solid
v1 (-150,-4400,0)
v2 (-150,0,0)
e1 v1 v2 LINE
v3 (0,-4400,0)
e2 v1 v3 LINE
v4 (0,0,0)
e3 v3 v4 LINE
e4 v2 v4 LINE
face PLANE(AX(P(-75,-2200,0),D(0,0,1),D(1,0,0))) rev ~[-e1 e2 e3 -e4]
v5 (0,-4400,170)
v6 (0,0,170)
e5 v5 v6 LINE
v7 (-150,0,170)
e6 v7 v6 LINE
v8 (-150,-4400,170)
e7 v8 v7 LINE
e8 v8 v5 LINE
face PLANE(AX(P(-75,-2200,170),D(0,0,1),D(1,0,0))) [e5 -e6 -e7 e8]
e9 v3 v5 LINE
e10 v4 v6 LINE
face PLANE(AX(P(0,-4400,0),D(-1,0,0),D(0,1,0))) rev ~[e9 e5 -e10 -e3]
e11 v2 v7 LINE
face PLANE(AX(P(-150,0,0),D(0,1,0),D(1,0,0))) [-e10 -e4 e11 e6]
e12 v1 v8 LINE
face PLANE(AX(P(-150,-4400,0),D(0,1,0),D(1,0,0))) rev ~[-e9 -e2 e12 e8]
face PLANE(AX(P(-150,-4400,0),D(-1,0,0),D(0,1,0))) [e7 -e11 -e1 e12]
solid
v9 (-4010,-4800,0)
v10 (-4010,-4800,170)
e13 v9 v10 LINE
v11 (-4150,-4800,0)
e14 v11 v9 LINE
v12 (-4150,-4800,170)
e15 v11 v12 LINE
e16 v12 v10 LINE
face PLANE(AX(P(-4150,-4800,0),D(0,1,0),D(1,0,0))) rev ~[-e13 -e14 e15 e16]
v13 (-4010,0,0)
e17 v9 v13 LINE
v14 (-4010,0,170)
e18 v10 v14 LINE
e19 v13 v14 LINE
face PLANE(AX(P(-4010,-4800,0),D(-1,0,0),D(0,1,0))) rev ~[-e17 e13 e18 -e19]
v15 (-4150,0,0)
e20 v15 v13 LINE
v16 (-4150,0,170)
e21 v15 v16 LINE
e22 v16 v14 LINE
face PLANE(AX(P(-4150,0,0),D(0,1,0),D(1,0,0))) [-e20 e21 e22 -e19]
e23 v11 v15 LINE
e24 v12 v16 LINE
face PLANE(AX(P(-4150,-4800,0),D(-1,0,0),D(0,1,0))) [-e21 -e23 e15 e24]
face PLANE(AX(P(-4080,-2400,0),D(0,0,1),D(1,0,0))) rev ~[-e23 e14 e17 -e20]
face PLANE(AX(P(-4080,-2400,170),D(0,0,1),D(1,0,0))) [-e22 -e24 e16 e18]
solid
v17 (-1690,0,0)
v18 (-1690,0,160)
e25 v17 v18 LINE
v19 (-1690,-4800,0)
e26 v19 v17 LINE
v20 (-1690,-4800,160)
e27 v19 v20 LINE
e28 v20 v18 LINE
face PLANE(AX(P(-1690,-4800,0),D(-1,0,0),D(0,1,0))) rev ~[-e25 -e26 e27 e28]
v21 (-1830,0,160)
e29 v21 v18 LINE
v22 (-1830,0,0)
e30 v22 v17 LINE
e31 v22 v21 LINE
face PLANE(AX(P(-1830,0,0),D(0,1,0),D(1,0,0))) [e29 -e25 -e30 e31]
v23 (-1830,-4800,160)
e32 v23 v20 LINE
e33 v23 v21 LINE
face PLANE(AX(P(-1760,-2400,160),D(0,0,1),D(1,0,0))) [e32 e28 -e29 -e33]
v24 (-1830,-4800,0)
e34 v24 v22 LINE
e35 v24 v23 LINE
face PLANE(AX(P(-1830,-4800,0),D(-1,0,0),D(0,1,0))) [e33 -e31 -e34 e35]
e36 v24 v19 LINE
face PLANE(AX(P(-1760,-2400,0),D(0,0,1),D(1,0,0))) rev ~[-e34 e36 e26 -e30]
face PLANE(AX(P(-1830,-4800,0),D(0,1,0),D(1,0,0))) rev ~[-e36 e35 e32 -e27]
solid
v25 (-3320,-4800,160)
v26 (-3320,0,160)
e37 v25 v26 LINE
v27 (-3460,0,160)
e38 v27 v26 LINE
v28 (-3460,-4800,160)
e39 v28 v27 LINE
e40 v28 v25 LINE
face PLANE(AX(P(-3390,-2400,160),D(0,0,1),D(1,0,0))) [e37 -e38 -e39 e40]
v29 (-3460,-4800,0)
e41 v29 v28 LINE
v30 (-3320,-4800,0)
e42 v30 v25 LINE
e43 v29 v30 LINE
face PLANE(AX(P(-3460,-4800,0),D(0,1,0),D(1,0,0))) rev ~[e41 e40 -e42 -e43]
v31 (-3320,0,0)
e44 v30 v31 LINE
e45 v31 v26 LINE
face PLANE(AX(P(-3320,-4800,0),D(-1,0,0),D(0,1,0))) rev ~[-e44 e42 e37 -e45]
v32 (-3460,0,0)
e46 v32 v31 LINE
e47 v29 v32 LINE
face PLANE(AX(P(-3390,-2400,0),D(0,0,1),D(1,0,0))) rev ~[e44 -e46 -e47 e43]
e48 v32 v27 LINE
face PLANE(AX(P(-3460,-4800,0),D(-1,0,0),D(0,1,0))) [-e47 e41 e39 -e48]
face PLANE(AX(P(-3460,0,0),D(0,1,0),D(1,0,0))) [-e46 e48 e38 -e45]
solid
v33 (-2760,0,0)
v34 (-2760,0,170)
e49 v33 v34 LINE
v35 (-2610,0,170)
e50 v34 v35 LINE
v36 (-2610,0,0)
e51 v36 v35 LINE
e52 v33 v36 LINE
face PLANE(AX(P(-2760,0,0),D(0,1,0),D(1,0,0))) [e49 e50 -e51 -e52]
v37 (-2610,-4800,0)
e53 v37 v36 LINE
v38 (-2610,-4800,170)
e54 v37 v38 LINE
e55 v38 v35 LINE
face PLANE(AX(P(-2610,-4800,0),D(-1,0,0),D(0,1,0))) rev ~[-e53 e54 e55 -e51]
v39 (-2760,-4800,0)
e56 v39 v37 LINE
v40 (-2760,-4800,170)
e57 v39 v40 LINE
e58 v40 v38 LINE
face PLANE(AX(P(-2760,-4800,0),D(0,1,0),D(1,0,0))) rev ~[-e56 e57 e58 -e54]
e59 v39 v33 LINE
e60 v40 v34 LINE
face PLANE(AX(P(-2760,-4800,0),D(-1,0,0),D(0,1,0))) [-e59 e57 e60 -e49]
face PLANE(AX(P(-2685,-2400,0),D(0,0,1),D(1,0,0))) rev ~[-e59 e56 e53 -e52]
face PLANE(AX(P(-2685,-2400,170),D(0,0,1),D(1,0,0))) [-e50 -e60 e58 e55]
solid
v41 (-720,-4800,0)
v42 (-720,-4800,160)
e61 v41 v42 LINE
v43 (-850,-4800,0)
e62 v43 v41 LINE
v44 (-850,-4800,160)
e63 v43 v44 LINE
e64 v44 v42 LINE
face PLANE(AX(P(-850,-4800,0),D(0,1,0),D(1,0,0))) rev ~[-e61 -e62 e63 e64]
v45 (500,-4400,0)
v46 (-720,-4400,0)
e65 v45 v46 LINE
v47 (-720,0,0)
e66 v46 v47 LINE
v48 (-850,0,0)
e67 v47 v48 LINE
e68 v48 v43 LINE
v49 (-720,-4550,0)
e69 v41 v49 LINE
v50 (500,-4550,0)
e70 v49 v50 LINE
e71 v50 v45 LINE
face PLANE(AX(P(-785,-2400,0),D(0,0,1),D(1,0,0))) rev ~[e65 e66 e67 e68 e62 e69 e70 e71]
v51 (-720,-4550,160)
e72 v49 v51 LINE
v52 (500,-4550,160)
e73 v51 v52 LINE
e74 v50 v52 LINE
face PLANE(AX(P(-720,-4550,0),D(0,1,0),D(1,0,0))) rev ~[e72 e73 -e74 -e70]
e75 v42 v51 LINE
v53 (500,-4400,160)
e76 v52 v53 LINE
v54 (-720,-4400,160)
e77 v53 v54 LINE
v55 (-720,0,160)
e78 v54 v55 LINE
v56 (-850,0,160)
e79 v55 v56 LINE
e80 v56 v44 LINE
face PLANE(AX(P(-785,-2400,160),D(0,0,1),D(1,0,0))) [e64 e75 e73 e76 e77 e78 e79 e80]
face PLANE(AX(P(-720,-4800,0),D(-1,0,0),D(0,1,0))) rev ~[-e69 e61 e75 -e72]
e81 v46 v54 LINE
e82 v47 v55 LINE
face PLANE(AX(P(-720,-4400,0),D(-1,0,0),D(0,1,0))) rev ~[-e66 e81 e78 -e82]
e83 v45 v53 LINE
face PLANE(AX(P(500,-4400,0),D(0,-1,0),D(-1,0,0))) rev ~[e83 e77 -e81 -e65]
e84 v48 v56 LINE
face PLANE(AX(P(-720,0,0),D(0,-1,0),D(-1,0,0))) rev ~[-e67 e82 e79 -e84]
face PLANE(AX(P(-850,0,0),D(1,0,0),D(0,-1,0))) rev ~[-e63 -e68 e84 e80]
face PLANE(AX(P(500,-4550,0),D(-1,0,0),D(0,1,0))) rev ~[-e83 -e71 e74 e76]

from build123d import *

# Parameters (mm, degrees)
F0_W     = 140
F0_H     = 4800
F0_W_2   = 150
F0_H_2   = 4400
F1_DEPTH = 170
F2_DEPTH = 160


with BuildPart() as f1:
    # F0 (on Top) → F1 (new body)
    with BuildSketch(Plane.XY):
        with Locations((-4080, -2400)):
            Rectangle(F0_W, F0_H)
        with Locations((-2685, -2400)):
            Rectangle(F0_W_2, F0_H)
        with Locations((-75, -2200)):
            Rectangle(F0_W_2, F0_H_2)
    extrude(amount=F1_DEPTH)


with BuildPart() as f2:
    # F0 (on Top) → F2 (new body)
    with BuildSketch(Plane.XY):
        with Locations((-3390, -2400)):
            Rectangle(F0_W, F0_H)
        with Locations((-1760, -2400)):
            Rectangle(F0_W, F0_H)
        Polygon((-720, -4550), (-720, -4400), (-720, 0), (-850, 0), (-850, -4800), (-720, -4800), align=None)
        Polygon((0, -4400), (-150, -4400), (-720, -4400), (-720, -4550), (500, -4550), (500, -4400), align=None)
    extrude(amount=F2_DEPTH)


solid = Compound([f1.part, f2.part])
